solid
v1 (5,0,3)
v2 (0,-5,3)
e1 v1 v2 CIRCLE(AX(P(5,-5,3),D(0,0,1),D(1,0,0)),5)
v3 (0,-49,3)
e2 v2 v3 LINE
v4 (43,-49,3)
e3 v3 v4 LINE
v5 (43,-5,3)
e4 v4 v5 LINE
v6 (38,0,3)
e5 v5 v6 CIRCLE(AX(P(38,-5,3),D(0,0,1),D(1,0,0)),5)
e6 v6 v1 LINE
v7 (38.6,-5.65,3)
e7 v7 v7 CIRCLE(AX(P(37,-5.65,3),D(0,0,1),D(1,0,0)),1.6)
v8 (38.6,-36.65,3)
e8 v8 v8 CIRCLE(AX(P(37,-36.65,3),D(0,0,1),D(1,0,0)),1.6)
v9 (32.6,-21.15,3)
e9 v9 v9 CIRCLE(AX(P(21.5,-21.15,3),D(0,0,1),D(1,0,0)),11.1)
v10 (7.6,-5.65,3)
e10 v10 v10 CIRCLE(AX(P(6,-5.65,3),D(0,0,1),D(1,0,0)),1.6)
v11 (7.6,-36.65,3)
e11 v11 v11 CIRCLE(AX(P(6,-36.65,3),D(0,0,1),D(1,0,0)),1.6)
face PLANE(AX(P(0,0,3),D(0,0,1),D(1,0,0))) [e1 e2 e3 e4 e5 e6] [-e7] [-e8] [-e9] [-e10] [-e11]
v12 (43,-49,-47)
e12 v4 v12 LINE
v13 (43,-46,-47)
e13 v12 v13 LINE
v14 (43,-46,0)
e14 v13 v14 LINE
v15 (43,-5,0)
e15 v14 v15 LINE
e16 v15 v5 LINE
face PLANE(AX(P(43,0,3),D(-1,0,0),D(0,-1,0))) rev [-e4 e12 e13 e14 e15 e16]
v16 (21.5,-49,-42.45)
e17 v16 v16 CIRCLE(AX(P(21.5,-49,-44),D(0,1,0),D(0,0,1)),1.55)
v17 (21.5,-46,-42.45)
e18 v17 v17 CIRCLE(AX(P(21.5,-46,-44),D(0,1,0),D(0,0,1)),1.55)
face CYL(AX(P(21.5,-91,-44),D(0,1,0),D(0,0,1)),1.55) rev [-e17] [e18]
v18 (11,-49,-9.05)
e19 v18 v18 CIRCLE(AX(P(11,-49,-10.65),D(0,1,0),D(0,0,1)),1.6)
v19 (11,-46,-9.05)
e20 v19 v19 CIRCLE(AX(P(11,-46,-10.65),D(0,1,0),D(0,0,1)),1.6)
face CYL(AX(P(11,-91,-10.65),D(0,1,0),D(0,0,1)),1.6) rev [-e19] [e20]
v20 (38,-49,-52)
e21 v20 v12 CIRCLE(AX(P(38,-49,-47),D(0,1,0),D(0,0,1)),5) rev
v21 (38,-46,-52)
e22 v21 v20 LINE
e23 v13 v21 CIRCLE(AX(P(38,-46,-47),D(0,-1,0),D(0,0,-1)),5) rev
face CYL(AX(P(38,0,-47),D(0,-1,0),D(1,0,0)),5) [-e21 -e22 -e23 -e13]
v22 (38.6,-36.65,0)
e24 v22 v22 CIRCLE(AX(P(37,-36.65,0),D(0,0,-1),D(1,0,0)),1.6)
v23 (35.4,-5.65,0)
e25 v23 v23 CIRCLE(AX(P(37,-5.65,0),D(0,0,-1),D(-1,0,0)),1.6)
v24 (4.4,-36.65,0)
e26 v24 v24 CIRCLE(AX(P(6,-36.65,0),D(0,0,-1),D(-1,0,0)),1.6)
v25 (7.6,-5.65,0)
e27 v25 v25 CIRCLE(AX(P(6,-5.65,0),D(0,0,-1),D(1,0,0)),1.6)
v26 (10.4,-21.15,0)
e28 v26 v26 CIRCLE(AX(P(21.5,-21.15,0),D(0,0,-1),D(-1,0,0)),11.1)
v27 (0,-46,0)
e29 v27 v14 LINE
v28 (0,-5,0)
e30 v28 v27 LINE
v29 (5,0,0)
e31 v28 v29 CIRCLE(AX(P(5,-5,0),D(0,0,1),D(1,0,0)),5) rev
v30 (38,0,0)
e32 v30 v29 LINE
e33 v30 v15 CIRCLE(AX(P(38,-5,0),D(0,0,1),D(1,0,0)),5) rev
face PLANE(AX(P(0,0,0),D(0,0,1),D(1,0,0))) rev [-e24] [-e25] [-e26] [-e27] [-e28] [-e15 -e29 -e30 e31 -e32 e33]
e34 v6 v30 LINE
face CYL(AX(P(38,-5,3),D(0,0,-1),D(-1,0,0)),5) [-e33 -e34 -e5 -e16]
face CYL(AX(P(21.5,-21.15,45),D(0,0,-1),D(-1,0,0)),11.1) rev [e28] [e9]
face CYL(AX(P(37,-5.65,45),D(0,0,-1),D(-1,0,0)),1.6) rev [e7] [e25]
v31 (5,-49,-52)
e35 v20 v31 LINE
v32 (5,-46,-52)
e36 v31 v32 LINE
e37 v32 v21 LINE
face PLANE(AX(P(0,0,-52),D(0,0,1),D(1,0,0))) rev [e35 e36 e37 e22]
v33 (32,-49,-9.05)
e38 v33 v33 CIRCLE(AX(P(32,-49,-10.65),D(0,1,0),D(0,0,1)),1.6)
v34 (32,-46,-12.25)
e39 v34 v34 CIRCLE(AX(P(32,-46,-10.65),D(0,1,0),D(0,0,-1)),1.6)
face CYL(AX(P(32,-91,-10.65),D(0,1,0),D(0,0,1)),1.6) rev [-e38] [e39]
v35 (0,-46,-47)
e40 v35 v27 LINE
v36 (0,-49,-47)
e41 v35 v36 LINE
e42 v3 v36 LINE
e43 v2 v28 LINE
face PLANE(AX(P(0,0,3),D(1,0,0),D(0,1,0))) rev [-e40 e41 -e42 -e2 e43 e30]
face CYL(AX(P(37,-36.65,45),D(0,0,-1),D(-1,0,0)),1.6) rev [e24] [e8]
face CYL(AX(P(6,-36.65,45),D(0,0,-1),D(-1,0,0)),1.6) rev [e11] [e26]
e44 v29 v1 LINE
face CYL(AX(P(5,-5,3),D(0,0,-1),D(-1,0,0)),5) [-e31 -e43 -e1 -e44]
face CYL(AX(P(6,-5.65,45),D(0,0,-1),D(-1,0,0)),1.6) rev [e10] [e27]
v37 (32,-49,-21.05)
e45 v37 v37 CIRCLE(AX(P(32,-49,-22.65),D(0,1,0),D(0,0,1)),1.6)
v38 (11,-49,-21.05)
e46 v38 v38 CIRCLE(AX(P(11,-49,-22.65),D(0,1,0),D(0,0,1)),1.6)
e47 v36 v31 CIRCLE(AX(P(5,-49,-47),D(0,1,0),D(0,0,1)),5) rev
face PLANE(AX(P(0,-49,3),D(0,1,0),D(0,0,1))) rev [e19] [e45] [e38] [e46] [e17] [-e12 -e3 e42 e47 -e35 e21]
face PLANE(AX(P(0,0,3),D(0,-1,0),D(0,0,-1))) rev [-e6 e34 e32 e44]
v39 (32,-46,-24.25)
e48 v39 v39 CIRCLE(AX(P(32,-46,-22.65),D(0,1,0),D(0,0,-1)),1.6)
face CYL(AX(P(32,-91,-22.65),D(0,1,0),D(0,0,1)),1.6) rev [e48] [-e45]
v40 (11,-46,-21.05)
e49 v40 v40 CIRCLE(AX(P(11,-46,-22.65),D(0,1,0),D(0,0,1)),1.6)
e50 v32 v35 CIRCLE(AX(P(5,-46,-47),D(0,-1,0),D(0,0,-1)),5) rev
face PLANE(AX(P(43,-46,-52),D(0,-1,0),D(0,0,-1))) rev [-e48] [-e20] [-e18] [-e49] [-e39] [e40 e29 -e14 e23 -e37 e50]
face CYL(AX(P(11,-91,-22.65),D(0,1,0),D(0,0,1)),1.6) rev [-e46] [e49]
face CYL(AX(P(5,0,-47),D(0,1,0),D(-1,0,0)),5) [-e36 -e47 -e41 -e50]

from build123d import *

# Parameters (mm, degrees)
SKETCH_3_W          = 43
SKETCH_3_H          = 49
EXTRUDE_2_DEPTH     = 3
SKETCH_6_R          = 11.1
SKETCH_6_R_2        = 1.6
CUT_EXTRUDE_2_DEPTH = 45
SKETCH_7_W          = 43
SKETCH_7_H          = 3
EXTRUDE_4_DEPTH     = 52
SKETCH_8_R          = 1.6
SKETCH_8_R_2        = 1.55
CUT_EXTRUDE_3_DEPTH = 45
FILLET_1_R          = 5


with BuildPart() as part:
    # 草图3 → 凸台-拉伸2 (new body)
    with BuildSketch(Plane.XY):
        with Locations((21.5, -24.5)):
            Rectangle(SKETCH_3_W, SKETCH_3_H)
    extrude(amount=EXTRUDE_2_DEPTH)

    # 草图6 → 切除-拉伸2 (cut)
    with BuildSketch(Plane(origin=(0, 0, 0), x_dir=(-1, 0, 0), z_dir=(0, 0, -1))):
        with Locations((-21.5, -21.15)):
            Circle(SKETCH_6_R)
        with Locations((-37, -5.65)):
            Circle(SKETCH_6_R_2)
        with Locations((-6, -5.65)):
            Circle(SKETCH_6_R_2)
        with Locations((-6, -36.65)):
            Circle(SKETCH_6_R_2)
        with Locations((-37, -36.65)):
            Circle(SKETCH_6_R_2)
    extrude(amount=-CUT_EXTRUDE_2_DEPTH, mode=Mode.SUBTRACT)

    # 草图7 → 凸台-拉伸4 (add)
    with BuildSketch(Plane(origin=(0, 0, 0), x_dir=(-1, 0, 0), z_dir=(0, 0, -1))):
        with Locations((-21.5, -47.5)):
            Rectangle(SKETCH_7_W, SKETCH_7_H)
    extrude(amount=EXTRUDE_4_DEPTH)

    # 草图8 → 切除-拉伸3 (cut)
    with BuildSketch(Plane(origin=(0, -46, 0), x_dir=(1, 0, 0), z_dir=(0, 1, 0))):
        with Locations((11, 10.65)):
            Circle(SKETCH_8_R)
        with Locations((11, 22.65)):
            Circle(SKETCH_8_R)
        with Locations((32, 10.65)):
            Circle(SKETCH_8_R)
        with Locations((32, 22.65)):
            Circle(SKETCH_8_R)
        with Locations((21.5, 44)):
            Circle(SKETCH_8_R_2)
    extrude(amount=-CUT_EXTRUDE_3_DEPTH, mode=Mode.SUBTRACT)

    # 圆角1
    fillet_1_edges = [part.edges().sort_by_distance(p)[0] for p in [
        (43, -47.5, -52),
        (0, -47.5, -52),
        (0, 0, 1.5),
        (43, 0, 1.5),
    ]]
    fillet(fillet_1_edges, radius=FILLET_1_R)


solid = part.part
